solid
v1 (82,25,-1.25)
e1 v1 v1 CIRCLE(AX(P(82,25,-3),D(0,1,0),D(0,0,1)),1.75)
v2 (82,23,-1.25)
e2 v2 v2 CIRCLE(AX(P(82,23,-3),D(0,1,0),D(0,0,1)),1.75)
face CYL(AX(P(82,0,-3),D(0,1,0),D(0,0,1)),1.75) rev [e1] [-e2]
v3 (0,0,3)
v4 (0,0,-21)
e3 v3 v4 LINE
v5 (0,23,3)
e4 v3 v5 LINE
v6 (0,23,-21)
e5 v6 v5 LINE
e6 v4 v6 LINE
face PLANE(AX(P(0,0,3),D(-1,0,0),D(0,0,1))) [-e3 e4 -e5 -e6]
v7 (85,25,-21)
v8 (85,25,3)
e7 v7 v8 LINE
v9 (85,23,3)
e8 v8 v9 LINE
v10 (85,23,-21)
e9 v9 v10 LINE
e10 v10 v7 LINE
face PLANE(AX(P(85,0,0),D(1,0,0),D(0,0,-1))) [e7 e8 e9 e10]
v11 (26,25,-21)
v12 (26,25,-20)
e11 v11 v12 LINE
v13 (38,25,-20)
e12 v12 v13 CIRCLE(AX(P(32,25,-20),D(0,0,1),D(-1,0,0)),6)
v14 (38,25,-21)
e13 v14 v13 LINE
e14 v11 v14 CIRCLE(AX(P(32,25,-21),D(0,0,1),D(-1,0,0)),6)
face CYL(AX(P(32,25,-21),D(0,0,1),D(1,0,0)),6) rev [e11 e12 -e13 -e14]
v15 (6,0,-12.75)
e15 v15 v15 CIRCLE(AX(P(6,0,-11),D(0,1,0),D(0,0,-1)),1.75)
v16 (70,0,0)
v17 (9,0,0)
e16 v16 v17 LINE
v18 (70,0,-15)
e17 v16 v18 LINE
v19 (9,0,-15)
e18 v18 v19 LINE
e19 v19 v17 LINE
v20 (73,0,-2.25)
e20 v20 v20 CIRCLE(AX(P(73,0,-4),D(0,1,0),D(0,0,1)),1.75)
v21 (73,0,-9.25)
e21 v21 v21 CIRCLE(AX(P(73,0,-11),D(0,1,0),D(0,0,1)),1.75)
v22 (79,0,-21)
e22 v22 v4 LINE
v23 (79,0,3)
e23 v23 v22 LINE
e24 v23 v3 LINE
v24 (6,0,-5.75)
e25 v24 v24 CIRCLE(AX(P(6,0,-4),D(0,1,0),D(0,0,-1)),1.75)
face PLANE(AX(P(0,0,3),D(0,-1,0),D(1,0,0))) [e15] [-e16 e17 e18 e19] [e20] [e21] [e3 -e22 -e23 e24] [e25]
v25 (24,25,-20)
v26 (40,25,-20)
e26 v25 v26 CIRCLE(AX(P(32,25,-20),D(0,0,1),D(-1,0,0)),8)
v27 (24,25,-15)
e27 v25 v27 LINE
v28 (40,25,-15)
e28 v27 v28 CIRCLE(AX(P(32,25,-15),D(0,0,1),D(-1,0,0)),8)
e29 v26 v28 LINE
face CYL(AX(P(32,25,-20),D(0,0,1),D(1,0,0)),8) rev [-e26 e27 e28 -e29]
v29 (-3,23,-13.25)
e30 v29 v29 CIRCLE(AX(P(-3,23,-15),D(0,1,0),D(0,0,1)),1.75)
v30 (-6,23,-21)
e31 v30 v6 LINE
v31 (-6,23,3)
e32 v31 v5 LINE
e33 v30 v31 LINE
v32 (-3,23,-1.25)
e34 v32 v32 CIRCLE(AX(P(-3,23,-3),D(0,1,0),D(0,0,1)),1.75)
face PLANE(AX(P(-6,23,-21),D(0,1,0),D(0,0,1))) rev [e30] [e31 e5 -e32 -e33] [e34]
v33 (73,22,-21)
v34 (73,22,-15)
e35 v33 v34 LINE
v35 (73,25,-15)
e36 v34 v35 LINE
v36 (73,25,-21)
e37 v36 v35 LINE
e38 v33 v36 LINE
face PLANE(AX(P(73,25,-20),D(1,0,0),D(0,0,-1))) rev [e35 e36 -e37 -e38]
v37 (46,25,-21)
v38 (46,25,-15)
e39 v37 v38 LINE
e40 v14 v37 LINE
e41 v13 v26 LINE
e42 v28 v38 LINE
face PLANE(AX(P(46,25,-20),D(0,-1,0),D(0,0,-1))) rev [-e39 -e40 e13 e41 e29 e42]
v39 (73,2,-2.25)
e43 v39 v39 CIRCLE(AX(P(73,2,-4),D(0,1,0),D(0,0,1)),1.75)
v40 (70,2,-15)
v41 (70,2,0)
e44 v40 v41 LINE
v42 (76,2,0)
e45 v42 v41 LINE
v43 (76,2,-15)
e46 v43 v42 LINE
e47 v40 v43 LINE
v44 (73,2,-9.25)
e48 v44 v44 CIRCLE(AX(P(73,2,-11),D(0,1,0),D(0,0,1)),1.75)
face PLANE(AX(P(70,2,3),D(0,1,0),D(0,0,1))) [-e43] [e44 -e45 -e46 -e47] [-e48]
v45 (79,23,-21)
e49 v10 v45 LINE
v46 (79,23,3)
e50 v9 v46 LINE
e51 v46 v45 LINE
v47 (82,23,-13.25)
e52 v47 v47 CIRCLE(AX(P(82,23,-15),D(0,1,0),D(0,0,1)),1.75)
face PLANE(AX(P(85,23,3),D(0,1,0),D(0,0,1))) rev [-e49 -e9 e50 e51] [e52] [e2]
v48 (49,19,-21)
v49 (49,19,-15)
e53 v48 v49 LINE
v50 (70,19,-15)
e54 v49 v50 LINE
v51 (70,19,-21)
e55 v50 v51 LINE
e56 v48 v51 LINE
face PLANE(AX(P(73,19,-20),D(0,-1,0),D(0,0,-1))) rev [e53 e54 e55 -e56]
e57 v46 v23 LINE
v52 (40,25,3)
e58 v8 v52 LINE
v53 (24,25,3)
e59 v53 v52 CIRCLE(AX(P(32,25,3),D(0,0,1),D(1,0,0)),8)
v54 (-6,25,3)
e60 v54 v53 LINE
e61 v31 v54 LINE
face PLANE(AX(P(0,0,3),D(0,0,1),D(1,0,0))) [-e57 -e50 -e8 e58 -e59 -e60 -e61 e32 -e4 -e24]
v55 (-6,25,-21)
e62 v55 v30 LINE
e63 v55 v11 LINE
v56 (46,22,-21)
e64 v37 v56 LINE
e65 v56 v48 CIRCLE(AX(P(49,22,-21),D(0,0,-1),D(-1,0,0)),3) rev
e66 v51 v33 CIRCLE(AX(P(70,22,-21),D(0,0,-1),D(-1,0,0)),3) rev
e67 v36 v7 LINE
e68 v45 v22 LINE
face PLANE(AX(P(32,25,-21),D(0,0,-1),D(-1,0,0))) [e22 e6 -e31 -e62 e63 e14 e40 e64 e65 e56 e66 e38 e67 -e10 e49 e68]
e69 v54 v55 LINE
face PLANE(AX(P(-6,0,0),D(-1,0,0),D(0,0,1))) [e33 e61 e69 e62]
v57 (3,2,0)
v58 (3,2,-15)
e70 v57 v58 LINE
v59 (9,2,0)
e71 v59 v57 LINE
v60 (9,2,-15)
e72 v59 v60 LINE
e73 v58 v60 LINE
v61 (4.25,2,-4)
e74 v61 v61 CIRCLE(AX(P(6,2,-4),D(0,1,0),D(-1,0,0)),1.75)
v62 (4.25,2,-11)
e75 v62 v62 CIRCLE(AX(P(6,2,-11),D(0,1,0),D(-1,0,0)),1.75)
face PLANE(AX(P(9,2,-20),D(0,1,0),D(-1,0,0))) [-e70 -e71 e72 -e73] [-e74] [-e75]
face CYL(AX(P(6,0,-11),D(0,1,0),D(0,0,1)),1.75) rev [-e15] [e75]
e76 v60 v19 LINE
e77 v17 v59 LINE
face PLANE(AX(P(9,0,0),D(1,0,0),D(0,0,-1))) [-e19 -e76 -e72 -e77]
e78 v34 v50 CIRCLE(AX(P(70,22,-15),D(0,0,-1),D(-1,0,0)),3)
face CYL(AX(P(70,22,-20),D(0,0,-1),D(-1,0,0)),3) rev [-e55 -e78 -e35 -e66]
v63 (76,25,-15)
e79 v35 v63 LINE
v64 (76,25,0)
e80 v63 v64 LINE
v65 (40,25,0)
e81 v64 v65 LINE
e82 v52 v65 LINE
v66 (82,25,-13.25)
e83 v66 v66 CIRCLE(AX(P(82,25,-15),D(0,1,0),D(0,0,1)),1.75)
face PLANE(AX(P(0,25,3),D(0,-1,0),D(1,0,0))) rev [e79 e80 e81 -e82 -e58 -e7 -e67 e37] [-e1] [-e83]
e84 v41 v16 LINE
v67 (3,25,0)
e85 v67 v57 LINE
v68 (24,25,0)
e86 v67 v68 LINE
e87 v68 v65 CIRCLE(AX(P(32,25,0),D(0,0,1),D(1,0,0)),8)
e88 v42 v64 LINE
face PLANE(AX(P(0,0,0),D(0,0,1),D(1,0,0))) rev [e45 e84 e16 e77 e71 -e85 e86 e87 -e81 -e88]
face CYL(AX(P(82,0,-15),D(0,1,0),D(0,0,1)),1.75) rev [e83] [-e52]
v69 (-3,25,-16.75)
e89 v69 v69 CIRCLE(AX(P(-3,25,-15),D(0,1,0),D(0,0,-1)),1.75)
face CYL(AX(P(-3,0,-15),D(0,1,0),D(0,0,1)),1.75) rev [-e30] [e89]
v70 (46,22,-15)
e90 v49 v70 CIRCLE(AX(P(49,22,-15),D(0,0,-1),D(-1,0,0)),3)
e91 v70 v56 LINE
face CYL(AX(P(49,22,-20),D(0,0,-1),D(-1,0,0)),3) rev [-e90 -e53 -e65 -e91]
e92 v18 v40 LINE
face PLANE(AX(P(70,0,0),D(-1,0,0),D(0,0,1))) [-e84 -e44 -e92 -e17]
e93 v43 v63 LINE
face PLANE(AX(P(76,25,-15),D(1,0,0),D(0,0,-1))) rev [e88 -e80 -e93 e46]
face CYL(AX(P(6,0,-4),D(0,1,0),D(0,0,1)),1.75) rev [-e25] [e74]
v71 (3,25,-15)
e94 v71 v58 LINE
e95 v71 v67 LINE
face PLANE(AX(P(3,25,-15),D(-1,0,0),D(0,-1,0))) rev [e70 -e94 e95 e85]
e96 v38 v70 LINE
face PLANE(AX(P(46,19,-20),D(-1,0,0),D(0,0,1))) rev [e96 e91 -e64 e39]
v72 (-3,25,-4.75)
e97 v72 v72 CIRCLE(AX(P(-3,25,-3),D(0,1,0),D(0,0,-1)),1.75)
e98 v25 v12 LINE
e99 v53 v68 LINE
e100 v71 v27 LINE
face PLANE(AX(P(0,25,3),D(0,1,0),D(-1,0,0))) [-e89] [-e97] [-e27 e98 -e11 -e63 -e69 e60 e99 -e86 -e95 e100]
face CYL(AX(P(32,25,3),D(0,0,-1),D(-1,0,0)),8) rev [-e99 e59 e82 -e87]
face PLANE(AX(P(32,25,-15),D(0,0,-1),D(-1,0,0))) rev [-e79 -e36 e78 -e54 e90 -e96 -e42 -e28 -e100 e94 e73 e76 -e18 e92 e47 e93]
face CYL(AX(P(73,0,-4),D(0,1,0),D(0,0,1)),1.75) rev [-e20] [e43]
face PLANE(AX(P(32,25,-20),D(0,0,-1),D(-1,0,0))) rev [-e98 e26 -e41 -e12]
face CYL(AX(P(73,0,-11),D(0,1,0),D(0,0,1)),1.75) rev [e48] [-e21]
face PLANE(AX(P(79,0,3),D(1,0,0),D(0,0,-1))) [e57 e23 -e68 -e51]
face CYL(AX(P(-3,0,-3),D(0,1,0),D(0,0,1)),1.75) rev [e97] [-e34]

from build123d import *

# Parameters (mm, degrees)
SALIENTE_EXTRUIR1_DEPTH    = 3
CROQUIS4_W                 = 3
CROQUIS4_H                 = 25
SALIENTE_EXTRUIR4_DEPTH    = 15
SALIENTE_EXTRUIR6_DEPTH    = 5
CROQUIS11_W                = 23
CROQUIS11_H                = 2
SALIENTE_EXTRUIR11_DEPTH   = 6
CROQUIS12_W                = 23
CROQUIS12_H                = 2
SALIENTE_EXTRUIR12_DEPTH   = 6
SALIENTE_EXTRUIR23_DEPTH   = 1
CROQUIS27_W                = 24
CROQUIS27_H                = 2
SALIENTE_EXTRUIR26_DEPTH   = 6
CROQUIS28_W                = 24
CROQUIS28_H                = 2
SALIENTE_EXTRUIR27_DEPTH   = 6
CROQUIS13_R                = 1.75
CORTAR_EXTRUIR1_DEPTH      = 1
CORTAR_EXTRUIR1_DEPTH_BACK = 26
REDONDEO1_R                = 3


with BuildPart() as part:
    # Croquis1 → Saliente-Extruir1 (new body)
    with BuildSketch(Plane.XY):
        with BuildLine():
            Line((79, 0), (79, 25))
            Line((79, 25), (40, 25))
            ThreePointArc((40, 25), (32, 17), (24, 25))
            Line((24, 25), (0, 25))
            Line((0, 25), (0, 0))
            Line((0, 0), (79, 0))
        make_face()
    extrude(amount=SALIENTE_EXTRUIR1_DEPTH)

    # Croquis4 → Saliente-Extruir4 (add)
    with BuildSketch(Plane(origin=(0, 0, 0), x_dir=(-1, 0, 0), z_dir=(0, 0, -1))):
        with Locations((-77.5, 12.5)):
            Rectangle(CROQUIS4_W, CROQUIS4_H)
        with Locations((-1.5, 12.5)):
            Rectangle(CROQUIS4_W, CROQUIS4_H)
    extrude(amount=SALIENTE_EXTRUIR4_DEPTH)

    # Croquis6 → Saliente-Extruir6 (add)
    with BuildSketch(Plane(origin=(0, 0, -15), x_dir=(-1, 0, 0), z_dir=(0, 0, -1))):
        with BuildLine():
            Line((-79, 25), (-79, 0))
            Line((-79, 0), (0, 0))
            Line((0, 0), (0, 25))
            Line((0, 25), (-24, 25))
            ThreePointArc((-24, 25), (-32, 17), (-40, 25))
            Line((-40, 25), (-46, 25))
            Line((-46, 25), (-46, 19))
            Line((-46, 19), (-73, 19))
            Line((-73, 19), (-73, 25))
            Line((-73, 25), (-79, 25))
        make_face()
    extrude(amount=SALIENTE_EXTRUIR6_DEPTH)

    # Croquis11 → Saliente-Extruir11 (add)
    with BuildSketch(Plane(origin=(76, 0, 0), x_dir=(0, 0, -1), z_dir=(1, 0, 0))):
        with Locations((8.5, 1)):
            Rectangle(CROQUIS11_W, CROQUIS11_H)
    extrude(amount=-SALIENTE_EXTRUIR11_DEPTH)

    # Croquis12 → Saliente-Extruir12 (add)
    with BuildSketch(Plane.ZY.offset(-3)):
        with Locations((-8.5, 1)):
            Rectangle(CROQUIS12_W, CROQUIS12_H)
    extrude(amount=-SALIENTE_EXTRUIR12_DEPTH)

    # Croquis24 → Saliente-Extruir23 (add)
    with BuildSketch(Plane(origin=(0, 0, -20), x_dir=(-1, 0, 0), z_dir=(0, 0, -1))):
        with BuildLine():
            Line((-79, 0), (-79, 25))
            Line((-79, 25), (-73, 25))
            Line((-73, 25), (-73, 19))
            Line((-73, 19), (-46, 19))
            Line((-46, 19), (-46, 25))
            Line((-46, 25), (-40, 25))
            Line((-40, 25), (-38, 25))
            ThreePointArc((-38, 25), (-32, 19), (-26, 25))
            Line((-26, 25), (0, 25))
            Line((0, 25), (0, 0))
            Line((0, 0), (-79, 0))
        make_face()
    extrude(amount=SALIENTE_EXTRUIR23_DEPTH)

    # Croquis27 → Saliente-Extruir26 (add)
    with BuildSketch(Plane(origin=(79, 0, 0), x_dir=(0, 0, -1), z_dir=(1, 0, 0))):
        with Locations((9, 24)):
            Rectangle(CROQUIS27_W, CROQUIS27_H)
    extrude(amount=SALIENTE_EXTRUIR26_DEPTH)

    # Croquis28 → Saliente-Extruir27 (add)
    with BuildSketch(Plane.ZY):
        with Locations((-9, 24)):
            Rectangle(CROQUIS28_W, CROQUIS28_H)
    extrude(amount=SALIENTE_EXTRUIR27_DEPTH)

    # Croquis13 → Cortar-Extruir1 (cut, two sides)
    with BuildSketch(Plane(origin=(0, 25, 0), x_dir=(1, 0, 0), z_dir=(0, 1, 0))) as cortar_extruir1_sk:
        with Locations((82, 15)):
            Circle(CROQUIS13_R)
        with Locations((82, 3)):
            Circle(CROQUIS13_R)
        with Locations((73, 11)):
            Circle(CROQUIS13_R)
        with Locations((73, 4)):
            Circle(CROQUIS13_R)
        with Locations((6, 4)):
            Circle(CROQUIS13_R)
        with Locations((6, 11)):
            Circle(CROQUIS13_R)
        with Locations((-3, 3)):
            Circle(CROQUIS13_R)
        with Locations((-3, 15)):
            Circle(CROQUIS13_R)
    extrude(amount=CORTAR_EXTRUIR1_DEPTH, mode=Mode.SUBTRACT)
    extrude(cortar_extruir1_sk.sketch, amount=-CORTAR_EXTRUIR1_DEPTH_BACK, mode=Mode.SUBTRACT)

    # Redondeo1
    redondeo1_edges = [part.edges().sort_by_distance(p)[0] for p in [
        (46, 19, -18),
        (73, 19, -18),
    ]]
    fillet(redondeo1_edges, radius=REDONDEO1_R)


solid = part.part
